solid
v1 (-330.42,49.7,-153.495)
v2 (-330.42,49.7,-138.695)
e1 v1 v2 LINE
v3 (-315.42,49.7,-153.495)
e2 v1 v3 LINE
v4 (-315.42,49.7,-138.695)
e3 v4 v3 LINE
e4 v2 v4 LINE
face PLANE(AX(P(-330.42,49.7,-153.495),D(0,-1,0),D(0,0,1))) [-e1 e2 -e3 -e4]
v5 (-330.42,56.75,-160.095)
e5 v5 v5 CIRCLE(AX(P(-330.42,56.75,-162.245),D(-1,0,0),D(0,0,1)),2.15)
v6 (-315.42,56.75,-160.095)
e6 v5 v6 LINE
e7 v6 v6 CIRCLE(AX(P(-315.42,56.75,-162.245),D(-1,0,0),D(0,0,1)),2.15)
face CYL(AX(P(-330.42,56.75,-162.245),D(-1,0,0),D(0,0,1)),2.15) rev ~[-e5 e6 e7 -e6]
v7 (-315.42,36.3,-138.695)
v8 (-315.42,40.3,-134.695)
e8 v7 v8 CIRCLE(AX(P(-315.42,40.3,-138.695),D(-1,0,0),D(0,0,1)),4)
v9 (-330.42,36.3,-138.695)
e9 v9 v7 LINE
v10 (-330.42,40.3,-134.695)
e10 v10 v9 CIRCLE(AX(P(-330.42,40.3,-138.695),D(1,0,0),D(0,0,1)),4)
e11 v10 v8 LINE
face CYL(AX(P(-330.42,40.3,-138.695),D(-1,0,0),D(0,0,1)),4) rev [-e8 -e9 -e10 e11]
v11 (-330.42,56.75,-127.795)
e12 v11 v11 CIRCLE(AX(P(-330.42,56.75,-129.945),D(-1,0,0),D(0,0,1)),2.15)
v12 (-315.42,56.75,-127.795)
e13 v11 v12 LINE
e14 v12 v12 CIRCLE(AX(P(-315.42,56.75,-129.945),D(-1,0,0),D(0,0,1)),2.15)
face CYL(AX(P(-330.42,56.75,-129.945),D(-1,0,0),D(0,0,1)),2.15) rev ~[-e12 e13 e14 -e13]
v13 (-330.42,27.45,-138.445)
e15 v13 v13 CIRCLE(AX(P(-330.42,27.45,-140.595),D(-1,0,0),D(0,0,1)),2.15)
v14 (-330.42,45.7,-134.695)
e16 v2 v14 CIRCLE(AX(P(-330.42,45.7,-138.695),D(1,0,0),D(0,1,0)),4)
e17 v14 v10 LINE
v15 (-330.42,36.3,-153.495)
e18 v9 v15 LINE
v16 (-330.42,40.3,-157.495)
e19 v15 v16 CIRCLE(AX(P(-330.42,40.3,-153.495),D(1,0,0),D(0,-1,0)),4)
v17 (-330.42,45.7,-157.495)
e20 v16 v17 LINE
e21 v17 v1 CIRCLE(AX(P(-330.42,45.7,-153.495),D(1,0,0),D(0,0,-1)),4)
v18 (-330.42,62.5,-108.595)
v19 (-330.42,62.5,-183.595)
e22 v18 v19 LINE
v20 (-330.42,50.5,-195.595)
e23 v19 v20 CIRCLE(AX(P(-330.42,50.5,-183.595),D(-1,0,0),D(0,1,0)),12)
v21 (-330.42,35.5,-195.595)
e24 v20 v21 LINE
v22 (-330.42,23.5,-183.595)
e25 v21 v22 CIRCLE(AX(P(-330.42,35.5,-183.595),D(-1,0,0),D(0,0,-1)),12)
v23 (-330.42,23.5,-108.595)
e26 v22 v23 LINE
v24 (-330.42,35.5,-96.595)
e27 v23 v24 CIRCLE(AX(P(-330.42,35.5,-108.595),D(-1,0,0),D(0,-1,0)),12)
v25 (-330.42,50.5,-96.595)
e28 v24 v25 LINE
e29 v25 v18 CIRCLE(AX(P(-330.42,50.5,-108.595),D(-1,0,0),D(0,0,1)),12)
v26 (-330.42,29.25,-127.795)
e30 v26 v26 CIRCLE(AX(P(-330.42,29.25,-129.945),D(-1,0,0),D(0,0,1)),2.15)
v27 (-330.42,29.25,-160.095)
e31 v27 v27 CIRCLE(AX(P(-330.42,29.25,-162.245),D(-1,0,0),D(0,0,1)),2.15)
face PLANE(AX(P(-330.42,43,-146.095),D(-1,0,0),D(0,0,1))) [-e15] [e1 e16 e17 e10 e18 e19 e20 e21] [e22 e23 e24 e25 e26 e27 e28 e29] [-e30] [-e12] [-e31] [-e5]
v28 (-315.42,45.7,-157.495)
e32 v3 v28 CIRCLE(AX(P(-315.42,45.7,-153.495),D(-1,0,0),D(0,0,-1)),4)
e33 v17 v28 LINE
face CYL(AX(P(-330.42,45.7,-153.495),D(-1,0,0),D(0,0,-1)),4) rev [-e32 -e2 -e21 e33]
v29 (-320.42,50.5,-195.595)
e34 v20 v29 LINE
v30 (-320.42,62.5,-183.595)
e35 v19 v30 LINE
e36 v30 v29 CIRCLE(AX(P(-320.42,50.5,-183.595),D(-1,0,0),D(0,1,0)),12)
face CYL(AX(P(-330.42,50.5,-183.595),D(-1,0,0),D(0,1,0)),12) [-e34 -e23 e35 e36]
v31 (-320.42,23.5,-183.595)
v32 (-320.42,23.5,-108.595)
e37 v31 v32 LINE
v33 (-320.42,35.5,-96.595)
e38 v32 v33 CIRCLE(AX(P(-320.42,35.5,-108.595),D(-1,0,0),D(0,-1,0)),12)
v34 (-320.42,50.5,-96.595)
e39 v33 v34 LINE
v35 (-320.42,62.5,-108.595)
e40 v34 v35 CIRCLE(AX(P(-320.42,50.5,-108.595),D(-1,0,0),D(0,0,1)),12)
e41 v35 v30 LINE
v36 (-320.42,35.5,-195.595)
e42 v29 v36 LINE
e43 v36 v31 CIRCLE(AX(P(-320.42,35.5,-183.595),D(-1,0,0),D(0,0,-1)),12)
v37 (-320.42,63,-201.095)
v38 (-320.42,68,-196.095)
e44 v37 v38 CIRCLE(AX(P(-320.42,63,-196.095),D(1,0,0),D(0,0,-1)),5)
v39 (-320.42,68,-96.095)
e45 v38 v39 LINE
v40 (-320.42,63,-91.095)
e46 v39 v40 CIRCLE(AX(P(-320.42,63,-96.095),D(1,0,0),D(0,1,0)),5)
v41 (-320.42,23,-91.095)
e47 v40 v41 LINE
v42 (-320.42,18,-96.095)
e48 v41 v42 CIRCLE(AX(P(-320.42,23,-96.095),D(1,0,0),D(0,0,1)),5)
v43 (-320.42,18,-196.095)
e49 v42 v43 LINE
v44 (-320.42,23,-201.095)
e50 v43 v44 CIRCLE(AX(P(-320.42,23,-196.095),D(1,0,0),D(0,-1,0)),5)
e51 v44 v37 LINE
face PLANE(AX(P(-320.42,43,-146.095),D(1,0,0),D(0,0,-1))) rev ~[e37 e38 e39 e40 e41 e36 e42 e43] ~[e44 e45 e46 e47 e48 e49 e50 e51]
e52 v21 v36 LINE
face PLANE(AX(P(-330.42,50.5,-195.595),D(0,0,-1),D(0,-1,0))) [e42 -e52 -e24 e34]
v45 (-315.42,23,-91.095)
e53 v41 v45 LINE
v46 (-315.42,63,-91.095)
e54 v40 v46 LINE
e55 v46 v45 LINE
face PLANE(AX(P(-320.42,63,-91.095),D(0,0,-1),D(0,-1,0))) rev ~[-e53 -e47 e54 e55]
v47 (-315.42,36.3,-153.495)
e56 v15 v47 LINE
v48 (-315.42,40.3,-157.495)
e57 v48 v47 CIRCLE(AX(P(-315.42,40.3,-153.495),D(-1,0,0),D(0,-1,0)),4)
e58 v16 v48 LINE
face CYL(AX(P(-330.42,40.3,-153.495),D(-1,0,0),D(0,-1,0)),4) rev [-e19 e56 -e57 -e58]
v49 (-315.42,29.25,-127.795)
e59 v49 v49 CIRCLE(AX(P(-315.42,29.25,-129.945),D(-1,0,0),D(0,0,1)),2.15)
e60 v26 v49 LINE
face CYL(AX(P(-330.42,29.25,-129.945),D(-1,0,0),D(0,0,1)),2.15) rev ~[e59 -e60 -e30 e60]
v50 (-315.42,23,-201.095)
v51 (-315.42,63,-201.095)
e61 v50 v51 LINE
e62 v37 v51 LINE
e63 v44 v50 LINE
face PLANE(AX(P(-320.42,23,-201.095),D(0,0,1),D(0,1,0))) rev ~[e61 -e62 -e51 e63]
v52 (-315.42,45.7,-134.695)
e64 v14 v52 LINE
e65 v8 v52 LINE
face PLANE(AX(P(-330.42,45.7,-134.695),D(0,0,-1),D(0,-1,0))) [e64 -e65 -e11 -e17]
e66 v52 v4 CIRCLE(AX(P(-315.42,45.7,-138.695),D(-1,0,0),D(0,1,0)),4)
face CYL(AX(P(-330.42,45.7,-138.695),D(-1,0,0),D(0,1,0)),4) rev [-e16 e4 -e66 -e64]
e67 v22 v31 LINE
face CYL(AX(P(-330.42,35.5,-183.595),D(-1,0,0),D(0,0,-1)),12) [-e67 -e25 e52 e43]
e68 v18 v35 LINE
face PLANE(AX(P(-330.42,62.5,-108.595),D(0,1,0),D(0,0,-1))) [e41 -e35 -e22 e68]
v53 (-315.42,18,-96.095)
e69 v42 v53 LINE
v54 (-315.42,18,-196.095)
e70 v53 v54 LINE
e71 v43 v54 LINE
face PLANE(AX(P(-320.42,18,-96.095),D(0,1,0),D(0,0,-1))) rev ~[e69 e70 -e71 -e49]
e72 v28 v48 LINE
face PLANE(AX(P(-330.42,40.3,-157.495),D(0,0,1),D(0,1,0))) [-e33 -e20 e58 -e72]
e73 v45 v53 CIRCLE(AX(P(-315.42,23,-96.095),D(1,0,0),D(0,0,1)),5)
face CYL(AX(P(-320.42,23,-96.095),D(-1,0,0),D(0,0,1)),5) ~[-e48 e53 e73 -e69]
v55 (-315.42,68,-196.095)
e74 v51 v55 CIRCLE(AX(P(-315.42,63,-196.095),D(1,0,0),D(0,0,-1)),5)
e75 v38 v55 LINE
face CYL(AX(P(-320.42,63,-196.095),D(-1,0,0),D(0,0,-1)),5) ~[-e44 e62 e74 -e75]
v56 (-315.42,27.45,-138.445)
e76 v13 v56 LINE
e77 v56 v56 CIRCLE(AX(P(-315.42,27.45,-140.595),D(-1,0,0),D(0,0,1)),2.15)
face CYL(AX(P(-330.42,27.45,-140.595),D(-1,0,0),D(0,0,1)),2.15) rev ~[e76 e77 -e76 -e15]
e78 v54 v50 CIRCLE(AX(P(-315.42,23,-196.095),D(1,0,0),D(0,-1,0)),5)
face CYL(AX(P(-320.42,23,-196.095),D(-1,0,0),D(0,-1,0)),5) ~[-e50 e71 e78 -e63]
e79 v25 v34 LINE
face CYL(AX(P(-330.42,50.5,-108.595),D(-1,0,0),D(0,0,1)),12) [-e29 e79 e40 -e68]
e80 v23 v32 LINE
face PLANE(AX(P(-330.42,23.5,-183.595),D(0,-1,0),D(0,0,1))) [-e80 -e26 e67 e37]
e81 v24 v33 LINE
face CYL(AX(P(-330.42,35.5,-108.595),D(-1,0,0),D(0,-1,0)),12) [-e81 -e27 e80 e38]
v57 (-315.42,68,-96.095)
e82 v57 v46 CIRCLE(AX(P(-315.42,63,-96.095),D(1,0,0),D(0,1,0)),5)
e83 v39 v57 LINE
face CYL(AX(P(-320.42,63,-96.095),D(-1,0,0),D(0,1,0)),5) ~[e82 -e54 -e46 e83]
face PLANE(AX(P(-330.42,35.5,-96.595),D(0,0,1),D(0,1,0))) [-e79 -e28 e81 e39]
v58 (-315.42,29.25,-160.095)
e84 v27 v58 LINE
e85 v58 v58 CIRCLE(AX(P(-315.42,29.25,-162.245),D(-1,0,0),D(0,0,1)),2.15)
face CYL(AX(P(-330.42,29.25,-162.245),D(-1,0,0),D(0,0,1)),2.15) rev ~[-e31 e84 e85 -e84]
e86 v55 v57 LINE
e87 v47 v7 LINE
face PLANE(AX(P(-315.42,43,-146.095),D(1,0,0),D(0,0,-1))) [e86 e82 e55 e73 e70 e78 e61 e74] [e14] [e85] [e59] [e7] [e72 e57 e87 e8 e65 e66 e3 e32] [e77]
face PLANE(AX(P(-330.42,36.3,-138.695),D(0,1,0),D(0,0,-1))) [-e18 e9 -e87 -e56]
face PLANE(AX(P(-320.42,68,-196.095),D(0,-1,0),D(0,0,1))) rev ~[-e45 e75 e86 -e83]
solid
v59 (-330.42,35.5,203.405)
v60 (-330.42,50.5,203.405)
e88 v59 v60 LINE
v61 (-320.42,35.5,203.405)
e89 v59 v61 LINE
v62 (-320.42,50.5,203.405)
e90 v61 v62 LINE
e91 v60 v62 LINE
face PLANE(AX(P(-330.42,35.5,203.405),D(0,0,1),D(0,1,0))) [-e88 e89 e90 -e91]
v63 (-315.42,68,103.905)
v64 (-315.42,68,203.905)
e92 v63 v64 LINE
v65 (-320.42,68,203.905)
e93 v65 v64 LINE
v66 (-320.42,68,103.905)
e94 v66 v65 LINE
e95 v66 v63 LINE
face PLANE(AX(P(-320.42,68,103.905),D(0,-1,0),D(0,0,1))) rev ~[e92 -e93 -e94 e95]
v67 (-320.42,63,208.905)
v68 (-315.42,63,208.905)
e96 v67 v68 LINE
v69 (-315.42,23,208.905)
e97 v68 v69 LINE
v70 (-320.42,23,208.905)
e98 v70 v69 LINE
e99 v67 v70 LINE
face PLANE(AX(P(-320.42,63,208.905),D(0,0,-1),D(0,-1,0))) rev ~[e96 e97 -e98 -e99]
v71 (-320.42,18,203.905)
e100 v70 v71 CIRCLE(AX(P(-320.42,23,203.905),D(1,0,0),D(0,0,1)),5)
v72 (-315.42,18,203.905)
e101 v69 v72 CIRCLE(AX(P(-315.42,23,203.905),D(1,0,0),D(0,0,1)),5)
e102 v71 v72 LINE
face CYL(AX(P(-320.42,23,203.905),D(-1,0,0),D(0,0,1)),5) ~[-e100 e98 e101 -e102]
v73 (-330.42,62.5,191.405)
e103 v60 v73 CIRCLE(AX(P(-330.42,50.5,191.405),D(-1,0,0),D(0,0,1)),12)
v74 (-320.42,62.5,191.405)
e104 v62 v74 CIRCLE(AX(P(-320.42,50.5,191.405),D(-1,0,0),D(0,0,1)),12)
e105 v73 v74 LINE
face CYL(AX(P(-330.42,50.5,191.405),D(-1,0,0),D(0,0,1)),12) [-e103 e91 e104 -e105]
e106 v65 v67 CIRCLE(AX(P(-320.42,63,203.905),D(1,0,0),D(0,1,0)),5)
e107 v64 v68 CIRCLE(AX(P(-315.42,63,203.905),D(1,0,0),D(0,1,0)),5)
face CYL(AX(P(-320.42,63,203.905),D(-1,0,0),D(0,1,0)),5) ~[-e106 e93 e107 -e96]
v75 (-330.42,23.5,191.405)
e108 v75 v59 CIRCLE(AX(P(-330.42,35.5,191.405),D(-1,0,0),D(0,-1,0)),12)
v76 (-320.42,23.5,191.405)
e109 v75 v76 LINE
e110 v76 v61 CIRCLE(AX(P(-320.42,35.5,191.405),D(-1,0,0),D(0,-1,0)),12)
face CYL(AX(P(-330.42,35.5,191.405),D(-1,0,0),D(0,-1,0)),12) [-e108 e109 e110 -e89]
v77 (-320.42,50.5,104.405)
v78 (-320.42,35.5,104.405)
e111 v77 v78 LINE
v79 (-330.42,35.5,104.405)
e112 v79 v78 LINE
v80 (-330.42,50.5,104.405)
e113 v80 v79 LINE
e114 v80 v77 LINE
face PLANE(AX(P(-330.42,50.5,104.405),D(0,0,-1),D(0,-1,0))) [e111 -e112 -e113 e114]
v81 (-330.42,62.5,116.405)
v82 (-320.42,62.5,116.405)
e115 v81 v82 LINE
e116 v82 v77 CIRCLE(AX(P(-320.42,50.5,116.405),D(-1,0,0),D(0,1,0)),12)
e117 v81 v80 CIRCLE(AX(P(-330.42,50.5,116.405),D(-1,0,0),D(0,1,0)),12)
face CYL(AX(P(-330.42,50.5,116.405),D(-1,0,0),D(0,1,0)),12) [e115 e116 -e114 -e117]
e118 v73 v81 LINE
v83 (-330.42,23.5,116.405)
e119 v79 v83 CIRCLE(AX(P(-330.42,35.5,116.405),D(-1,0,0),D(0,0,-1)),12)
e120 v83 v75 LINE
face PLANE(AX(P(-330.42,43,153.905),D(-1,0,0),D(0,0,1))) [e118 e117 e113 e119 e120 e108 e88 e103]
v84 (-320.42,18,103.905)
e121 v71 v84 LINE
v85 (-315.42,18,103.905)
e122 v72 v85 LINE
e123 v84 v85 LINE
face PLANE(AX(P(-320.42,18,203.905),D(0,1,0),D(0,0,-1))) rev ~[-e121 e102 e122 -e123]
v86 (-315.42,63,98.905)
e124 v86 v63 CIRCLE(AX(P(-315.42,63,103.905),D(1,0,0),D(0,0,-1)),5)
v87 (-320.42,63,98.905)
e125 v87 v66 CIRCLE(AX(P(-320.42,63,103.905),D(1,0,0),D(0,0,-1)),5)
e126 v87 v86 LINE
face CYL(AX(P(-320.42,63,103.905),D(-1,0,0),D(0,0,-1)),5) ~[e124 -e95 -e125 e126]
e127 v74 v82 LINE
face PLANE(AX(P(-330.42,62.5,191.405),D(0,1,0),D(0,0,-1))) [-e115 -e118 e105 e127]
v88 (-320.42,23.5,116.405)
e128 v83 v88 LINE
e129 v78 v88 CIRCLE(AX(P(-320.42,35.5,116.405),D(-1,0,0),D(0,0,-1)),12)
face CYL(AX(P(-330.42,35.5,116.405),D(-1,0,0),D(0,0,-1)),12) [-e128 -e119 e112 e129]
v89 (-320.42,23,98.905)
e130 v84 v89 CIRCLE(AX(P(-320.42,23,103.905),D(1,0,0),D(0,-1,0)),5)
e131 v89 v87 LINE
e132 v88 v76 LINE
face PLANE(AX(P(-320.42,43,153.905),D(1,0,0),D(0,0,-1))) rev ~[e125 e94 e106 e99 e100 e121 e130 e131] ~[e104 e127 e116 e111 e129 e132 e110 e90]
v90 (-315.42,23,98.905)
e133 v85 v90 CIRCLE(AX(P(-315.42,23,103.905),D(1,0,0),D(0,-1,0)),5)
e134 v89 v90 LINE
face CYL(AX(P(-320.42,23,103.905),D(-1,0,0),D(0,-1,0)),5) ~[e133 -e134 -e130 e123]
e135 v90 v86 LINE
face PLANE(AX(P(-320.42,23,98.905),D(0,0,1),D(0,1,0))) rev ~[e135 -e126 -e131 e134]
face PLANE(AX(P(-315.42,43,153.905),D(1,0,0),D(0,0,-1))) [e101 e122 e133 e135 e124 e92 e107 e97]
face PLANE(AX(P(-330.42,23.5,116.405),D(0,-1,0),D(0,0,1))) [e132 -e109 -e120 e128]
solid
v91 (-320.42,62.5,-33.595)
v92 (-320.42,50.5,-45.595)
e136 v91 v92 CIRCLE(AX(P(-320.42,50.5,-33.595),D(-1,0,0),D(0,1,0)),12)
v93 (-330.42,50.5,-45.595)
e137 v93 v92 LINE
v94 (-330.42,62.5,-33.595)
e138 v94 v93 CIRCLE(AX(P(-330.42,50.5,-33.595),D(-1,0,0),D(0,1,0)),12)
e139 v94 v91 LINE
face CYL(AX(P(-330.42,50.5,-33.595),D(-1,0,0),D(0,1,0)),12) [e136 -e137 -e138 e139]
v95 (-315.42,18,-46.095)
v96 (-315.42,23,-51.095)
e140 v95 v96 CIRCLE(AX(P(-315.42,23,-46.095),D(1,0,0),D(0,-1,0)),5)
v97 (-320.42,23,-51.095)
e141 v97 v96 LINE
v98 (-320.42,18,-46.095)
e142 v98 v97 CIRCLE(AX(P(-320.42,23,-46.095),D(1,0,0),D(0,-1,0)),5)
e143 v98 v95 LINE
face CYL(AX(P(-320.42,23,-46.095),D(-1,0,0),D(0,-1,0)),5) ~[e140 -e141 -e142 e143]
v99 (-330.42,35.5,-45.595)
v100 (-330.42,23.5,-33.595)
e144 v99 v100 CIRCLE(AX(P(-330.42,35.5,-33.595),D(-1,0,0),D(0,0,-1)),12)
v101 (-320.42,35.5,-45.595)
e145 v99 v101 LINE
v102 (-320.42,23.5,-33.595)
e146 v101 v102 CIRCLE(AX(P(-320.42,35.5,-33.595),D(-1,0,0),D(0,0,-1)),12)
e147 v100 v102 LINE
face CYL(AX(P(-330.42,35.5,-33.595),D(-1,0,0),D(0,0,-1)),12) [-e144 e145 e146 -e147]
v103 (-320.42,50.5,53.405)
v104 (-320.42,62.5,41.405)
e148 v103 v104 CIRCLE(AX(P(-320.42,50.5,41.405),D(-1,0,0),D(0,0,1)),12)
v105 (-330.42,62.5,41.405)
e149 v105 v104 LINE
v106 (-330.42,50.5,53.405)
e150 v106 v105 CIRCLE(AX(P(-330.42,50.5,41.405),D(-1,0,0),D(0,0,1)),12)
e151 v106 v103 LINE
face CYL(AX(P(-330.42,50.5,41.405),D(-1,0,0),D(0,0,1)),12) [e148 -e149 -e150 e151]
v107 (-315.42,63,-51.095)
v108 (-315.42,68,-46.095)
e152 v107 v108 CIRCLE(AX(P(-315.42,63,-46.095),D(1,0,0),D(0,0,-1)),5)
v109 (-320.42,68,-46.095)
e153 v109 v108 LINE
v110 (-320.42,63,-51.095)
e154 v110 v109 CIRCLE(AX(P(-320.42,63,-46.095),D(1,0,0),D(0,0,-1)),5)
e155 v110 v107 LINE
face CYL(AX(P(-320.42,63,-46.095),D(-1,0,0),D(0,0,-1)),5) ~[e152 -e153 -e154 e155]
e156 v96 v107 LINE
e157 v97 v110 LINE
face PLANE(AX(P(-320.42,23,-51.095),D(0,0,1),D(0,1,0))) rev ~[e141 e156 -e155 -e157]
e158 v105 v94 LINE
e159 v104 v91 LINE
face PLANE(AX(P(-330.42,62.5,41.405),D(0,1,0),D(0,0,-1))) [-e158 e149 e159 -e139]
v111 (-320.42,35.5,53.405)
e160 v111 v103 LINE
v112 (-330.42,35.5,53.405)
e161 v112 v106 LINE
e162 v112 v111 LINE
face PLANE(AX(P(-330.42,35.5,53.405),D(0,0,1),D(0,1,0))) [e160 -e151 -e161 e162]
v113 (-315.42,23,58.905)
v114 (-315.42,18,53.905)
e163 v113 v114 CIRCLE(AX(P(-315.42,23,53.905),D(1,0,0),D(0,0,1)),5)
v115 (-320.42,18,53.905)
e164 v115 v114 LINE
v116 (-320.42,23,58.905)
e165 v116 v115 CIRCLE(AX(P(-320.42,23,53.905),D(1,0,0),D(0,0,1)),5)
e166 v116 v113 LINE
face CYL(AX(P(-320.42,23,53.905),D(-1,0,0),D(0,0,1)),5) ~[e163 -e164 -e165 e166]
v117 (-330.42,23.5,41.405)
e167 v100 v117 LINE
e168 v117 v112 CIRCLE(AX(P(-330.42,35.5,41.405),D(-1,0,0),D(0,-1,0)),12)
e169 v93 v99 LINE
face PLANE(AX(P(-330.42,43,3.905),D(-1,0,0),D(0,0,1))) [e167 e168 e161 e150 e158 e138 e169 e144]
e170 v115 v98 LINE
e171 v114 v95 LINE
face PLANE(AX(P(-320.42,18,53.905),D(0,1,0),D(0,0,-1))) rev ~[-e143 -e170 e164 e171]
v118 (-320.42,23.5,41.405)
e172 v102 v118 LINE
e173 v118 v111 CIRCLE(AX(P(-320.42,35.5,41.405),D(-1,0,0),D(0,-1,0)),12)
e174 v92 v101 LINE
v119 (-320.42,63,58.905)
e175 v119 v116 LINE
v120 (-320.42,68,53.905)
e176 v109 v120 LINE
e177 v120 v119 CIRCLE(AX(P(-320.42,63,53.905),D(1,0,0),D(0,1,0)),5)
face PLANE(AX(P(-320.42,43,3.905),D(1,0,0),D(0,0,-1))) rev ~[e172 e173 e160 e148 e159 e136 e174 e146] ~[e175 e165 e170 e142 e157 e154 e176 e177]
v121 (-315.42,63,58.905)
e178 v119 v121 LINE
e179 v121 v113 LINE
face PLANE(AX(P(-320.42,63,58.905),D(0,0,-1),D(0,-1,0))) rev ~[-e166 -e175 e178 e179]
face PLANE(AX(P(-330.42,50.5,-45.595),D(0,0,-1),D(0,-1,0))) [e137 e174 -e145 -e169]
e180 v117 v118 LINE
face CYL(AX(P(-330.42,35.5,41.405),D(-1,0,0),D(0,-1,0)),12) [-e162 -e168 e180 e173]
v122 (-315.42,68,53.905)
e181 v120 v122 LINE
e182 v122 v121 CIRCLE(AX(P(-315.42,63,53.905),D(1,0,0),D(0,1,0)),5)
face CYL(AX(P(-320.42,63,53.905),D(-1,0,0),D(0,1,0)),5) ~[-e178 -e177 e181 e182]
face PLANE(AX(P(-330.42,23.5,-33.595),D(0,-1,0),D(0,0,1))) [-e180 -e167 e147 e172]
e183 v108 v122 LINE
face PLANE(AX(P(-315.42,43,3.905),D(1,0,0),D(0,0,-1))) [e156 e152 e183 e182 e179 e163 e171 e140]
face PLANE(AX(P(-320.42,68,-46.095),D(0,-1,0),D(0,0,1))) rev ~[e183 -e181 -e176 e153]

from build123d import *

# Parameters (mm, degrees)
BOSS_EXTRUDE1_DEPTH   = 10
BOSS_EXTRUDE1_2_DEPTH = 10
BOSS_EXTRUDE1_3_DEPTH = 10
BOSS_EXTRUDE2_DEPTH   = 5
SKETCH5_R             = 2.15
CUT_EXTRUDE3_DEPTH    = 221.205129425


with BuildPart() as part:
    # Sketch1 → Boss-Extrude1 (new body)
    with BuildSketch(Plane.ZY.offset(330.42)):
        with BuildLine():
            Line((53.405, 35.5), (53.405, 50.5))
            ThreePointArc((53.405, 50.5), (49.890281374, 58.985281374), (41.405, 62.5))
            Line((41.405, 62.5), (-33.595, 62.5))
            ThreePointArc((-33.595, 62.5), (-42.080281374, 58.985281374), (-45.595, 50.5))
            Line((-45.595, 50.5), (-45.595, 35.5))
            ThreePointArc((-45.595, 35.5), (-42.080281374, 27.014718626), (-33.595, 23.5))
            Line((-33.595, 23.5), (41.405, 23.5))
            ThreePointArc((41.405, 23.5), (49.890281374, 27.014718626), (53.405, 35.5))
        make_face()
    extrude(amount=-BOSS_EXTRUDE1_DEPTH)



with BuildPart() as body_2:
    # Sketch1 → Boss-Extrude1 2 (new body)
    with BuildSketch(Plane.ZY.offset(330.42)):
        with BuildLine():
            Line((-96.595, 35.5), (-96.595, 50.5))
            ThreePointArc((-96.595, 50.5), (-100.109718626, 58.985281374), (-108.595, 62.5))
            Line((-108.595, 62.5), (-183.595, 62.5))
            ThreePointArc((-183.595, 62.5), (-192.080281374, 58.985281374), (-195.595, 50.5))
            Line((-195.595, 50.5), (-195.595, 35.5))
            ThreePointArc((-195.595, 35.5), (-192.080281374, 27.014718626), (-183.595, 23.5))
            Line((-183.595, 23.5), (-108.595, 23.5))
            ThreePointArc((-108.595, 23.5), (-100.109718626, 27.014718626), (-96.595, 35.5))
        make_face()
    extrude(amount=-BOSS_EXTRUDE1_2_DEPTH)


with BuildPart() as body_3:
    # Sketch1 → Boss-Extrude1 3 (new body)
    with BuildSketch(Plane.ZY.offset(330.42)):
        with BuildLine():
            Line((203.405, 35.5), (203.405, 50.5))
            ThreePointArc((203.405, 50.5), (199.890281374, 58.985281374), (191.405, 62.5))
            Line((191.405, 62.5), (116.405, 62.5))
            ThreePointArc((116.405, 62.5), (107.919718626, 58.985281374), (104.405, 50.5))
            Line((104.405, 50.5), (104.405, 35.5))
            ThreePointArc((104.405, 35.5), (107.919718626, 27.014718626), (116.405, 23.5))
            Line((116.405, 23.5), (191.405, 23.5))
            ThreePointArc((191.405, 23.5), (199.890281374, 27.014718626), (203.405, 35.5))
        make_face()
    extrude(amount=-BOSS_EXTRUDE1_3_DEPTH)


with BuildPart() as part_1:
    add(part.part)

    add(body_2.part)  # Boss-Extrude2 merges body 2

    add(body_3.part)  # Boss-Extrude2 merges body 3
    # Sketch2 → Boss-Extrude2 (add)
    with BuildSketch(Plane(origin=(-320.42, 0, 0), x_dir=(0, 0, -1), z_dir=(1, 0, 0))):
        with BuildLine():
            Line((51.095, 23), (51.095, 63))
            ThreePointArc((51.095, 63), (49.630533906, 66.535533906), (46.095, 68))
            Line((46.095, 68), (-53.905, 68))
            ThreePointArc((-53.905, 68), (-57.440533906, 66.535533906), (-58.905, 63))
            Line((-58.905, 63), (-58.905, 23))
            ThreePointArc((-58.905, 23), (-57.440533906, 19.464466094), (-53.905, 18))
            Line((-53.905, 18), (46.095, 18))
            ThreePointArc((46.095, 18), (49.630533906, 19.464466094), (51.095, 23))
        make_face()
        with BuildLine():
            Line((201.095, 23), (201.095, 63))
            ThreePointArc((201.095, 63), (199.630533906, 66.535533906), (196.095, 68))
            Line((196.095, 68), (96.095, 68))
            ThreePointArc((96.095, 68), (92.559466094, 66.535533906), (91.095, 63))
            Line((91.095, 63), (91.095, 23))
            ThreePointArc((91.095, 23), (92.559466094, 19.464466094), (96.095, 18))
            Line((96.095, 18), (196.095, 18))
            ThreePointArc((196.095, 18), (199.630533906, 19.464466094), (201.095, 23))
        make_face()
        with BuildLine():
            Line((-98.905, 23), (-98.905, 63))
            ThreePointArc((-98.905, 63), (-100.369466094, 66.535533906), (-103.905, 68))
            Line((-103.905, 68), (-203.905, 68))
            ThreePointArc((-203.905, 68), (-207.440533906, 66.535533906), (-208.905, 63))
            Line((-208.905, 63), (-208.905, 23))
            ThreePointArc((-208.905, 23), (-207.440533906, 19.464466094), (-203.905, 18))
            Line((-203.905, 18), (-103.905, 18))
            ThreePointArc((-103.905, 18), (-100.369466094, 19.464466094), (-98.905, 23))
        make_face()
    extrude(amount=BOSS_EXTRUDE2_DEPTH)

    # Sketch5 → Cut-Extrude3 (cut, through all)
    with BuildSketch(Plane.ZY.offset(330.42)):
        with Locations((-162.245, 56.75)):
            Circle(SKETCH5_R)
        with Locations((-129.945, 56.75)):
            Circle(SKETCH5_R)
        with Locations((-129.945, 29.25)):
            Circle(SKETCH5_R)
        with Locations((-162.245, 29.25)):
            Circle(SKETCH5_R)
        with Locations((-140.595, 27.45)):
            Circle(SKETCH5_R)
        with BuildLine():
            Line((-153.495, 49.7), (-138.695, 49.7))
            ThreePointArc((-138.695, 49.7), (-135.866572875, 48.528427125), (-134.695, 45.7))
            Line((-134.695, 45.7), (-134.695, 40.3))
            ThreePointArc((-134.695, 40.3), (-135.866572875, 37.471572875), (-138.695, 36.3))
            Line((-138.695, 36.3), (-153.495, 36.3))
            ThreePointArc((-153.495, 36.3), (-156.323427125, 37.471572875), (-157.495, 40.3))
            Line((-157.495, 40.3), (-157.495, 45.7))
            ThreePointArc((-157.495, 45.7), (-156.323427125, 48.528427125), (-153.495, 49.7))
        make_face()
    extrude(amount=-CUT_EXTRUDE3_DEPTH, mode=Mode.SUBTRACT)


solid = part_1.part
